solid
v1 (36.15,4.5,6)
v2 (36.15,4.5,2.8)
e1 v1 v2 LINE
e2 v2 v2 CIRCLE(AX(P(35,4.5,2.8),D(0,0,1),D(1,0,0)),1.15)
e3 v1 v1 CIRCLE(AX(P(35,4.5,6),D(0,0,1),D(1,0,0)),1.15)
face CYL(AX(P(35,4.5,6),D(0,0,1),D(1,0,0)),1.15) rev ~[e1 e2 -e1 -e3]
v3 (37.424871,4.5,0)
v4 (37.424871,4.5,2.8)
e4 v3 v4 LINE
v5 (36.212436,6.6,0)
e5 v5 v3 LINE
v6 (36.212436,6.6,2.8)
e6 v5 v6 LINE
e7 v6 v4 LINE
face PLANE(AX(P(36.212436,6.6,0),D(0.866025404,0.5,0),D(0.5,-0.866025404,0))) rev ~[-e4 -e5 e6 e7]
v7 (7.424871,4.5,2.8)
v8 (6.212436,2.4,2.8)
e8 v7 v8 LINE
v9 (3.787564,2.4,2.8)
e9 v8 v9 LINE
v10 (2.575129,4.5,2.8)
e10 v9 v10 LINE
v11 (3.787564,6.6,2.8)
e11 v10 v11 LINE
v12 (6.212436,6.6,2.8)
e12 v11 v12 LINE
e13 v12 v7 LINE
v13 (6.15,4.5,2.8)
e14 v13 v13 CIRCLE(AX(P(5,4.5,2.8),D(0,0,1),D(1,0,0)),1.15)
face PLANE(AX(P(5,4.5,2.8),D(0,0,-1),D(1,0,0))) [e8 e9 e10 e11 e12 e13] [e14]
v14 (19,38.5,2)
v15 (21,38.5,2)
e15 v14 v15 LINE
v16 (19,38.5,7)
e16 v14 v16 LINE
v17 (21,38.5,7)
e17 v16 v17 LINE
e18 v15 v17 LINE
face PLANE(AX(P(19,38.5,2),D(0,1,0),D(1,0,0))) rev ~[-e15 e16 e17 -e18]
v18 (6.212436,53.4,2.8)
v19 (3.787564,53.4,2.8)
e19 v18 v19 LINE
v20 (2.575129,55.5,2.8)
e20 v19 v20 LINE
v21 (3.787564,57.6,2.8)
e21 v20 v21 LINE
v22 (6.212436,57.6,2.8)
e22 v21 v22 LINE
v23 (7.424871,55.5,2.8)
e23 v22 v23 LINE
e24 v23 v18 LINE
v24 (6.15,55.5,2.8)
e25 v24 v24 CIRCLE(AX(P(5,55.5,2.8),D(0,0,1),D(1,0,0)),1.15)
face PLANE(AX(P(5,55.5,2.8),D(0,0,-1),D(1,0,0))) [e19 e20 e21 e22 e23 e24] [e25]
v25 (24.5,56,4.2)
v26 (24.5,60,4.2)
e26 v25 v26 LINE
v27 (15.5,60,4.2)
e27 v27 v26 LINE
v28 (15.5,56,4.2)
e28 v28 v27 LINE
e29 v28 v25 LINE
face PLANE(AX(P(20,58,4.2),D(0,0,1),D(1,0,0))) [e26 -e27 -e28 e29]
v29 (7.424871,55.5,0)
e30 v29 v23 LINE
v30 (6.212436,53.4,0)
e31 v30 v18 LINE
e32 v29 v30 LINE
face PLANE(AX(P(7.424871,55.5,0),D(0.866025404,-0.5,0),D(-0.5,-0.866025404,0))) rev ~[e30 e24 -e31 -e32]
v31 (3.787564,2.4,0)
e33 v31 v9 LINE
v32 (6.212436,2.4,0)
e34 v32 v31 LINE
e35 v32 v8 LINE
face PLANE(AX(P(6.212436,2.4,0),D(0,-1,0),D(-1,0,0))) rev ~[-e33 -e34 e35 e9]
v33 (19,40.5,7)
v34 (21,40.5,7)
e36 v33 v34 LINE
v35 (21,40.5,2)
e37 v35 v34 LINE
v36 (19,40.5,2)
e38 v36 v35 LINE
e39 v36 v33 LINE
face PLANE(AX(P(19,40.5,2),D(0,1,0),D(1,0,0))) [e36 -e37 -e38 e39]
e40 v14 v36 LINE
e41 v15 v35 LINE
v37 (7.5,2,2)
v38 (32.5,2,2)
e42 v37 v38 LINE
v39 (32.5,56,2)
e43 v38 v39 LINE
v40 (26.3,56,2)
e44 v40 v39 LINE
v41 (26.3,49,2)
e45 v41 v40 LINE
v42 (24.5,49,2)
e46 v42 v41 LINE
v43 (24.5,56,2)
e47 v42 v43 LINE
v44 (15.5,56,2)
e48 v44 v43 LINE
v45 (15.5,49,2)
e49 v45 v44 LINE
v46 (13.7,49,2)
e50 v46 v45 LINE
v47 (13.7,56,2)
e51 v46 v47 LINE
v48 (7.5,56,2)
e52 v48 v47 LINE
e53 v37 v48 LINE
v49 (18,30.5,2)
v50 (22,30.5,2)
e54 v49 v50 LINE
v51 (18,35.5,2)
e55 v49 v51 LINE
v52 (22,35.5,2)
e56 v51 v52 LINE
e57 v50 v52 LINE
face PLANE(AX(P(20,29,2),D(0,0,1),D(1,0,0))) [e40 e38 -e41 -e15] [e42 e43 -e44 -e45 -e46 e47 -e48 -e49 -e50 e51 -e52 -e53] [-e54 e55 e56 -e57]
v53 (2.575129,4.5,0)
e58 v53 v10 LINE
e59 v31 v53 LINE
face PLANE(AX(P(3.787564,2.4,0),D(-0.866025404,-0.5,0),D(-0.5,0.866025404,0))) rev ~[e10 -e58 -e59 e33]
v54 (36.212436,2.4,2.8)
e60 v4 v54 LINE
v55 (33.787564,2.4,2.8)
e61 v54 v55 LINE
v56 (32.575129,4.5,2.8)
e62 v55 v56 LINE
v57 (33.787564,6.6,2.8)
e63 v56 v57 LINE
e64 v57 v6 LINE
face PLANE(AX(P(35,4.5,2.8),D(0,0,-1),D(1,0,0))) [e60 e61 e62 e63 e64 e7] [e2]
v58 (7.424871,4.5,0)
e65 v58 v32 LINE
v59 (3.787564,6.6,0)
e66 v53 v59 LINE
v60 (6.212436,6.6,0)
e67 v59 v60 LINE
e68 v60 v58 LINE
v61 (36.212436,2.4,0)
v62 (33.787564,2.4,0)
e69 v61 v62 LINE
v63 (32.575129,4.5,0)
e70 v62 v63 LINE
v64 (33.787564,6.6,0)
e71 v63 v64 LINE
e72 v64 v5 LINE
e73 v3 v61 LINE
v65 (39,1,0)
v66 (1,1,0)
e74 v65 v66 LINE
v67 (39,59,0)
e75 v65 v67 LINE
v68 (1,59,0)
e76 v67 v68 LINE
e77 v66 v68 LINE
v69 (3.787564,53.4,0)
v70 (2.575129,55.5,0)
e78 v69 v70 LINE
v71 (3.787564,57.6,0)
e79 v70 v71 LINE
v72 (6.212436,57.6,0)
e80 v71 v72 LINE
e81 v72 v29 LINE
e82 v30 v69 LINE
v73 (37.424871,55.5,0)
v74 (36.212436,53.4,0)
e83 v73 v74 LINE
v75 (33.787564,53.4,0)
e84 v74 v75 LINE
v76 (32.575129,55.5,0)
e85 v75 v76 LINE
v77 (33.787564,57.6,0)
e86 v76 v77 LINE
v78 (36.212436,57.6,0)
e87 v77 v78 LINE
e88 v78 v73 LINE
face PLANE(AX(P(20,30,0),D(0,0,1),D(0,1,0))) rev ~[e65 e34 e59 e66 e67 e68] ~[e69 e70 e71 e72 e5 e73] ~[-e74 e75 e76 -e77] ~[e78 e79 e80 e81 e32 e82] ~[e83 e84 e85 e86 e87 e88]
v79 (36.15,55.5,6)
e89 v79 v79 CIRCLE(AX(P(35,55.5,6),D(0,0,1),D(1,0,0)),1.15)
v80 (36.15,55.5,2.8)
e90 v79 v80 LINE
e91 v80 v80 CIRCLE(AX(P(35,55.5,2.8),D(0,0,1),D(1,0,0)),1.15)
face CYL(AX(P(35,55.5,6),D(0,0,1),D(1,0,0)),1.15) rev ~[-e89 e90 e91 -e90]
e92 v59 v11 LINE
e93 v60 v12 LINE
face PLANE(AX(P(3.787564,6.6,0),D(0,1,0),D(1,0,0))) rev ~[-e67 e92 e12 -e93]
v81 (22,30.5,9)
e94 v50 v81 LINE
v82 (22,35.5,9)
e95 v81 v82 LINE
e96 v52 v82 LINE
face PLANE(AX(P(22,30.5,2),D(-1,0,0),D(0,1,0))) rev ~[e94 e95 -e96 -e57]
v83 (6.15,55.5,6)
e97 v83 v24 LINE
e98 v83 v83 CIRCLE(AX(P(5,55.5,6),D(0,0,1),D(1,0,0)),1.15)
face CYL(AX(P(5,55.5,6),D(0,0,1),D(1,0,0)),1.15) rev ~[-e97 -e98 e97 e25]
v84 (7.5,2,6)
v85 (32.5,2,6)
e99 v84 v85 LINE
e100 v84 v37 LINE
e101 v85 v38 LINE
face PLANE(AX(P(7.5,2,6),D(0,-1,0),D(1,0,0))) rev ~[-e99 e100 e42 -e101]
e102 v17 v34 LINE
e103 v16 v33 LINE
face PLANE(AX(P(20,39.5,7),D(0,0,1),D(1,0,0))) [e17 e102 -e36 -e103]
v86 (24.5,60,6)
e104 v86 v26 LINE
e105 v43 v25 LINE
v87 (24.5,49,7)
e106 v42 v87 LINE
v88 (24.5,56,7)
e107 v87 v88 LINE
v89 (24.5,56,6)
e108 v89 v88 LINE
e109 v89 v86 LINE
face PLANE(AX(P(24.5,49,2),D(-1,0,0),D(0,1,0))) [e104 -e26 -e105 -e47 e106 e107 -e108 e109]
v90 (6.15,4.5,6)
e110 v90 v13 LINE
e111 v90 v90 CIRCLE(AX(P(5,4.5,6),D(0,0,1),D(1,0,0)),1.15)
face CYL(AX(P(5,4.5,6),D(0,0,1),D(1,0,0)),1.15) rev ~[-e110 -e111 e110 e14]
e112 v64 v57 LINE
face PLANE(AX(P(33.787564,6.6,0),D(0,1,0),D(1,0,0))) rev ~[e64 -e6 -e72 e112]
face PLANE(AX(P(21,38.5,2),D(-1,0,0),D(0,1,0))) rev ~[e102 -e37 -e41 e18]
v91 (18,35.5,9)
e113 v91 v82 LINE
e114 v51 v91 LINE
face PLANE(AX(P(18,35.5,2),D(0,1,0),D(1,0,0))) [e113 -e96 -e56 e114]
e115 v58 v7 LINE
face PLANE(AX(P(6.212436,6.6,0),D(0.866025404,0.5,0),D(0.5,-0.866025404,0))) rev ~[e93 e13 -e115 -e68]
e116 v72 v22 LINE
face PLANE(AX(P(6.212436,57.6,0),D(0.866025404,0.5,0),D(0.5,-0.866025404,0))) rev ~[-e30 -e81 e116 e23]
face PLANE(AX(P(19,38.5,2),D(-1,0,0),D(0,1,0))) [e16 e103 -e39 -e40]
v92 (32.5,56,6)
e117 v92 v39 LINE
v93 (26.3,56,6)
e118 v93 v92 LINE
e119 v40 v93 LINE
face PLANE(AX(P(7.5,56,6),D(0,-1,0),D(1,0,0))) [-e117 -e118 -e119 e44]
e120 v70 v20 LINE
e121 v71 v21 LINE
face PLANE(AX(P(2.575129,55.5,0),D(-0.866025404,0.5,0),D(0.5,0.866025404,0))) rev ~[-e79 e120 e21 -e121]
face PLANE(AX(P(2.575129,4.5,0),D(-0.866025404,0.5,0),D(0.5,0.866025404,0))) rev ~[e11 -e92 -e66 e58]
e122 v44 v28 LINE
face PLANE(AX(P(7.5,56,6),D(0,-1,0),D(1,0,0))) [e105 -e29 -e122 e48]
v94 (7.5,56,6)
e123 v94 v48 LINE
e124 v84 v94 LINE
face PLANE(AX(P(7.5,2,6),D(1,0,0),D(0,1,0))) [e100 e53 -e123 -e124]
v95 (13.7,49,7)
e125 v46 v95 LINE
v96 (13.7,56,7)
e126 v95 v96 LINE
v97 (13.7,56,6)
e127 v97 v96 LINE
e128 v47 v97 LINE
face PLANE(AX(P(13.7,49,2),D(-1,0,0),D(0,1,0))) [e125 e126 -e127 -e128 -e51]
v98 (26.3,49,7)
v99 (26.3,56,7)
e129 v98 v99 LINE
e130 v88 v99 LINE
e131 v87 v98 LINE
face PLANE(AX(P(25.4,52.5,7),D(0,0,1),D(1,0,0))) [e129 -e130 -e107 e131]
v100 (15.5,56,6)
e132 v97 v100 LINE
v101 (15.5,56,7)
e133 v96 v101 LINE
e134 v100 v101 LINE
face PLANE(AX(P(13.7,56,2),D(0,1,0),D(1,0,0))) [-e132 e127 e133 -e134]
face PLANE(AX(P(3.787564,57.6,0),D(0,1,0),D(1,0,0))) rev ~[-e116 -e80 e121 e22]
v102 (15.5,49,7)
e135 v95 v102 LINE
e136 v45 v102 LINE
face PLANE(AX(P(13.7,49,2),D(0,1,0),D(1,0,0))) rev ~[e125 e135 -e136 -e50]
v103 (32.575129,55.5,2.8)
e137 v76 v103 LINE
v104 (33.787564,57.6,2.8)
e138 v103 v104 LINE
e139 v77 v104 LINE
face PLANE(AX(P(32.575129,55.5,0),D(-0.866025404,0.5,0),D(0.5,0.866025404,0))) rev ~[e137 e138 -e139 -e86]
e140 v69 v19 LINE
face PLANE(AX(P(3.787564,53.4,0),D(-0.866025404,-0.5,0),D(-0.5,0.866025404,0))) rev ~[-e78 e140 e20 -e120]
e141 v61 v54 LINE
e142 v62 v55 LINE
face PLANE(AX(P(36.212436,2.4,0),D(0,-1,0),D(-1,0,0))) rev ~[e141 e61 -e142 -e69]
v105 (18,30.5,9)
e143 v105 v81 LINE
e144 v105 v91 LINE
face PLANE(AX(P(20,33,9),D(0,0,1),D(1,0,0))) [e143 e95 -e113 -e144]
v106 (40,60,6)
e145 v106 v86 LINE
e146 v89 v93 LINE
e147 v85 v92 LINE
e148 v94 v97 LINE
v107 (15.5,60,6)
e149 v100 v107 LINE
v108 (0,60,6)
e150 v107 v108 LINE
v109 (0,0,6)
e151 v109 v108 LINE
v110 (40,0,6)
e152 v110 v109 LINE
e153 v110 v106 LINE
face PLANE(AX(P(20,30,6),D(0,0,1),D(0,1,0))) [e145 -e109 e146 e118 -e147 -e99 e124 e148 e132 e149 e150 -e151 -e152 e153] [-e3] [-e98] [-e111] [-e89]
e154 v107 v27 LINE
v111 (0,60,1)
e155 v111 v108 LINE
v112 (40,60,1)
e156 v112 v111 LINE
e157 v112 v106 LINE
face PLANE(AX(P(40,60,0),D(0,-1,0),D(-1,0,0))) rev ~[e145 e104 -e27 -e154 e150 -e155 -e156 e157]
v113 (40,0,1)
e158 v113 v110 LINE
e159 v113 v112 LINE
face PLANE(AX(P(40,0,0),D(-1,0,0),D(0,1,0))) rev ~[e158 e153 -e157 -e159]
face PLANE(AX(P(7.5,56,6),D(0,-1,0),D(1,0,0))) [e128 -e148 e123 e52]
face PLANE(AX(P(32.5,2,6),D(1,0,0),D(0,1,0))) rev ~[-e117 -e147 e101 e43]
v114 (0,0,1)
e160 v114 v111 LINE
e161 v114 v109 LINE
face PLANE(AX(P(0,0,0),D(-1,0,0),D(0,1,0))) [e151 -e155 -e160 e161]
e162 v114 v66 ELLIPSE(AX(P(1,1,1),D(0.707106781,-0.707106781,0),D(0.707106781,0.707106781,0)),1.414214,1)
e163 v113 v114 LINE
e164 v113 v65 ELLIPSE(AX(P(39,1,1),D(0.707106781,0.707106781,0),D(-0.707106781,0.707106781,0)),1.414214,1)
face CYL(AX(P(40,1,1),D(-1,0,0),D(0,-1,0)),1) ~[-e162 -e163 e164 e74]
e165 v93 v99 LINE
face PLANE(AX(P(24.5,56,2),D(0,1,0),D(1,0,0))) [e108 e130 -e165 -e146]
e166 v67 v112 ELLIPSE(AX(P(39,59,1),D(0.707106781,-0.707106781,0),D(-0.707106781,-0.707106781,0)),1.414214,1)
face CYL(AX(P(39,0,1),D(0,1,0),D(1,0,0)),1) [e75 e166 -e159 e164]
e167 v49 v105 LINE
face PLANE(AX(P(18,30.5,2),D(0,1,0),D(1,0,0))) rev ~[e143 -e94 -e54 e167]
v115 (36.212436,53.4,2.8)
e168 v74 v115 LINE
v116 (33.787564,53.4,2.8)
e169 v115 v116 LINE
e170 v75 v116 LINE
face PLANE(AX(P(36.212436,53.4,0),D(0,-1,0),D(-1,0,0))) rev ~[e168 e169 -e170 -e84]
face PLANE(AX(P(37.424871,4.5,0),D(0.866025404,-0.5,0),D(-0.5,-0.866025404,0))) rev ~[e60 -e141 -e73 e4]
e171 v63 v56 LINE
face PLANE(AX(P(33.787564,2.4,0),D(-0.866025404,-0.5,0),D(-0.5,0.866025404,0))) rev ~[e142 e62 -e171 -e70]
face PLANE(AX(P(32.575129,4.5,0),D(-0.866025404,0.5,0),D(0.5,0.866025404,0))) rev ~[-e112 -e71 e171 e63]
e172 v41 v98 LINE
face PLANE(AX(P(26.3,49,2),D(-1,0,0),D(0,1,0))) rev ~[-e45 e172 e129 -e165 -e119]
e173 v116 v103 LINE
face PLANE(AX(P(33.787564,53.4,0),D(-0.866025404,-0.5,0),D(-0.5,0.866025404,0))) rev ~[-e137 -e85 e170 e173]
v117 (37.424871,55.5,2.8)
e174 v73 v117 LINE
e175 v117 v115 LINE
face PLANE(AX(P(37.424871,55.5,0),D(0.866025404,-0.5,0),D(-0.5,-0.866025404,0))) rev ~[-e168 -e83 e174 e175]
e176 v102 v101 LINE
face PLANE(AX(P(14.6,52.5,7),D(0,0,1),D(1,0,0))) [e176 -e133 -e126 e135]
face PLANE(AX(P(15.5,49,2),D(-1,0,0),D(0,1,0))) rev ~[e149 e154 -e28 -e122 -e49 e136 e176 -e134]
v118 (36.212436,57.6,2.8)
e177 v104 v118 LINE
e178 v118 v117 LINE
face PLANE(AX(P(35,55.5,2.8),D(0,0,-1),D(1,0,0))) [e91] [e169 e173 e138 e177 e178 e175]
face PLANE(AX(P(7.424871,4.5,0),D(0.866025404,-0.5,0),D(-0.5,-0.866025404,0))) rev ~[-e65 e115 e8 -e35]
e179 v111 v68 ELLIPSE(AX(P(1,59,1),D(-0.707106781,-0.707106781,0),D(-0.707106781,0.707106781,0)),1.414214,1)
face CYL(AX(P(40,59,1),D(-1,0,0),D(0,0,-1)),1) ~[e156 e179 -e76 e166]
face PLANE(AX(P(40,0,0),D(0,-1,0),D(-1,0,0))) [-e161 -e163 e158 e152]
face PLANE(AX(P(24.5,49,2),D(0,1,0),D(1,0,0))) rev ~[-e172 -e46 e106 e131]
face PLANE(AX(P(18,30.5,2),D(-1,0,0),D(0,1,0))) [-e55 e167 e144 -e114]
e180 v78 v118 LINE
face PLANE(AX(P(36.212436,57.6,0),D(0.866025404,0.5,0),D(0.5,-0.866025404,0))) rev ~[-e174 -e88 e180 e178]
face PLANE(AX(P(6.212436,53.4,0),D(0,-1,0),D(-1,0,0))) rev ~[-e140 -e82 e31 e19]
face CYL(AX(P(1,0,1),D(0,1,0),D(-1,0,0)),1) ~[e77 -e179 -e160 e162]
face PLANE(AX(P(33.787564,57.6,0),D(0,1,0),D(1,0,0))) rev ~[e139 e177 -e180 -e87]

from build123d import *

# Parameters (mm, degrees)
SKETCH1_W           = 60
SKETCH1_H           = 40
BOSS_EXTRUDE1_DEPTH = 6
SKETCH3_R           = 1.15
CUT_EXTRUDE2_DEPTH  = 73.360210061
SKETCH12_W          = 25
SKETCH12_H          = 54
CUT_EXTRUDE10_DEPTH = 4
CUT_EXTRUDE11_DEPTH = 2.8
FILLET1_R           = 1
SKETCH15_W          = 9
SKETCH15_H          = 4
CUT_EXTRUDE13_DEPTH = 1.8
SKETCH16_W          = 4
SKETCH16_H          = 5
BOSS_EXTRUDE2_DEPTH = 7
SKETCH17_W          = 2
SKETCH17_H          = 2
SKETCH17_W_2        = 1.8
SKETCH17_H_2        = 7
BOSS_EXTRUDE3_DEPTH = 5


with BuildPart() as part:
    # Sketch1 → Boss-Extrude1 (new body)
    with BuildSketch(Plane(origin=(0, 0, 0), x_dir=(0, 1, 0), z_dir=(0, 0, 1))):
        with Locations((30, -20)):
            Rectangle(SKETCH1_W, SKETCH1_H)
    extrude(amount=BOSS_EXTRUDE1_DEPTH)

    # Sketch3 → Cut-Extrude2 (cut, through all)
    with BuildSketch(Plane.XY.offset(6)):
        with Locations((5, 4.5)):
            Circle(SKETCH3_R)
        with Locations((35, 4.5)):
            Circle(SKETCH3_R)
        with Locations((5, 55.5)):
            Circle(SKETCH3_R)
        with Locations((35, 55.5)):
            Circle(SKETCH3_R)
    extrude(amount=-CUT_EXTRUDE2_DEPTH, mode=Mode.SUBTRACT)

    # Sketch12 → Cut-Extrude10 (cut)
    with BuildSketch(Plane.XY.offset(6)):
        with Locations((20, 29)):
            Rectangle(SKETCH12_W, SKETCH12_H)
    extrude(amount=-CUT_EXTRUDE10_DEPTH, mode=Mode.SUBTRACT)

    # Sketch13 → Cut-Extrude11 (cut)
    with BuildSketch(Plane(origin=(0, 0, 0), x_dir=(1, 0, 0), z_dir=(0, 0, -1))):
        Polygon((7.424871131, -55.5), (6.212435565, -53.4), (3.787564435, -53.4), (2.575128869, -55.5), (3.787564435, -57.6), (6.212435565, -57.6), align=None)
        Polygon((32.575128869, -55.5), (33.787564435, -57.6), (36.212435565, -57.6), (37.424871131, -55.5), (36.212435565, -53.4), (33.787564435, -53.4), align=None)
        Polygon((7.424871131, -4.5), (6.212435565, -2.4), (3.787564435, -2.4), (2.575128869, -4.5), (3.787564435, -6.6), (6.212435565, -6.6), align=None)
        Polygon((32.575128869, -4.5), (33.787564435, -6.6), (36.212435565, -6.6), (37.424871131, -4.5), (36.212435565, -2.4), (33.787564435, -2.4), align=None)
    extrude(amount=-CUT_EXTRUDE11_DEPTH, mode=Mode.SUBTRACT)

    # Fillet1
    fillet1_edges = [part.edges().sort_by_distance(p)[0] for p in [
        (0, 30, 0),
        (20, 60, 0),
        (40, 30, 0),
        (20, 0, 0),
    ]]
    fillet(fillet1_edges, radius=FILLET1_R)

    # Sketch15 → Cut-Extrude13 (cut)
    with BuildSketch(Plane.XY.offset(6)):
        with Locations((20, 58)):
            Rectangle(SKETCH15_W, SKETCH15_H)
    extrude(amount=-CUT_EXTRUDE13_DEPTH, mode=Mode.SUBTRACT)

    # Sketch16 → Boss-Extrude2 (add)
    with BuildSketch(Plane.XY.offset(2)):
        with Locations((20, 33)):
            Rectangle(SKETCH16_W, SKETCH16_H)
    extrude(amount=BOSS_EXTRUDE2_DEPTH)

    # Sketch17 → Boss-Extrude3 (add)
    with BuildSketch(Plane.XY.offset(2)):
        with Locations((20, 39.5)):
            Rectangle(SKETCH17_W, SKETCH17_H)
        with Locations((14.6, 52.5)):
            Rectangle(SKETCH17_W_2, SKETCH17_H_2)
        with Locations((25.4, 52.5)):
            Rectangle(SKETCH17_W_2, SKETCH17_H_2)
    extrude(amount=BOSS_EXTRUDE3_DEPTH)


solid = part.part
